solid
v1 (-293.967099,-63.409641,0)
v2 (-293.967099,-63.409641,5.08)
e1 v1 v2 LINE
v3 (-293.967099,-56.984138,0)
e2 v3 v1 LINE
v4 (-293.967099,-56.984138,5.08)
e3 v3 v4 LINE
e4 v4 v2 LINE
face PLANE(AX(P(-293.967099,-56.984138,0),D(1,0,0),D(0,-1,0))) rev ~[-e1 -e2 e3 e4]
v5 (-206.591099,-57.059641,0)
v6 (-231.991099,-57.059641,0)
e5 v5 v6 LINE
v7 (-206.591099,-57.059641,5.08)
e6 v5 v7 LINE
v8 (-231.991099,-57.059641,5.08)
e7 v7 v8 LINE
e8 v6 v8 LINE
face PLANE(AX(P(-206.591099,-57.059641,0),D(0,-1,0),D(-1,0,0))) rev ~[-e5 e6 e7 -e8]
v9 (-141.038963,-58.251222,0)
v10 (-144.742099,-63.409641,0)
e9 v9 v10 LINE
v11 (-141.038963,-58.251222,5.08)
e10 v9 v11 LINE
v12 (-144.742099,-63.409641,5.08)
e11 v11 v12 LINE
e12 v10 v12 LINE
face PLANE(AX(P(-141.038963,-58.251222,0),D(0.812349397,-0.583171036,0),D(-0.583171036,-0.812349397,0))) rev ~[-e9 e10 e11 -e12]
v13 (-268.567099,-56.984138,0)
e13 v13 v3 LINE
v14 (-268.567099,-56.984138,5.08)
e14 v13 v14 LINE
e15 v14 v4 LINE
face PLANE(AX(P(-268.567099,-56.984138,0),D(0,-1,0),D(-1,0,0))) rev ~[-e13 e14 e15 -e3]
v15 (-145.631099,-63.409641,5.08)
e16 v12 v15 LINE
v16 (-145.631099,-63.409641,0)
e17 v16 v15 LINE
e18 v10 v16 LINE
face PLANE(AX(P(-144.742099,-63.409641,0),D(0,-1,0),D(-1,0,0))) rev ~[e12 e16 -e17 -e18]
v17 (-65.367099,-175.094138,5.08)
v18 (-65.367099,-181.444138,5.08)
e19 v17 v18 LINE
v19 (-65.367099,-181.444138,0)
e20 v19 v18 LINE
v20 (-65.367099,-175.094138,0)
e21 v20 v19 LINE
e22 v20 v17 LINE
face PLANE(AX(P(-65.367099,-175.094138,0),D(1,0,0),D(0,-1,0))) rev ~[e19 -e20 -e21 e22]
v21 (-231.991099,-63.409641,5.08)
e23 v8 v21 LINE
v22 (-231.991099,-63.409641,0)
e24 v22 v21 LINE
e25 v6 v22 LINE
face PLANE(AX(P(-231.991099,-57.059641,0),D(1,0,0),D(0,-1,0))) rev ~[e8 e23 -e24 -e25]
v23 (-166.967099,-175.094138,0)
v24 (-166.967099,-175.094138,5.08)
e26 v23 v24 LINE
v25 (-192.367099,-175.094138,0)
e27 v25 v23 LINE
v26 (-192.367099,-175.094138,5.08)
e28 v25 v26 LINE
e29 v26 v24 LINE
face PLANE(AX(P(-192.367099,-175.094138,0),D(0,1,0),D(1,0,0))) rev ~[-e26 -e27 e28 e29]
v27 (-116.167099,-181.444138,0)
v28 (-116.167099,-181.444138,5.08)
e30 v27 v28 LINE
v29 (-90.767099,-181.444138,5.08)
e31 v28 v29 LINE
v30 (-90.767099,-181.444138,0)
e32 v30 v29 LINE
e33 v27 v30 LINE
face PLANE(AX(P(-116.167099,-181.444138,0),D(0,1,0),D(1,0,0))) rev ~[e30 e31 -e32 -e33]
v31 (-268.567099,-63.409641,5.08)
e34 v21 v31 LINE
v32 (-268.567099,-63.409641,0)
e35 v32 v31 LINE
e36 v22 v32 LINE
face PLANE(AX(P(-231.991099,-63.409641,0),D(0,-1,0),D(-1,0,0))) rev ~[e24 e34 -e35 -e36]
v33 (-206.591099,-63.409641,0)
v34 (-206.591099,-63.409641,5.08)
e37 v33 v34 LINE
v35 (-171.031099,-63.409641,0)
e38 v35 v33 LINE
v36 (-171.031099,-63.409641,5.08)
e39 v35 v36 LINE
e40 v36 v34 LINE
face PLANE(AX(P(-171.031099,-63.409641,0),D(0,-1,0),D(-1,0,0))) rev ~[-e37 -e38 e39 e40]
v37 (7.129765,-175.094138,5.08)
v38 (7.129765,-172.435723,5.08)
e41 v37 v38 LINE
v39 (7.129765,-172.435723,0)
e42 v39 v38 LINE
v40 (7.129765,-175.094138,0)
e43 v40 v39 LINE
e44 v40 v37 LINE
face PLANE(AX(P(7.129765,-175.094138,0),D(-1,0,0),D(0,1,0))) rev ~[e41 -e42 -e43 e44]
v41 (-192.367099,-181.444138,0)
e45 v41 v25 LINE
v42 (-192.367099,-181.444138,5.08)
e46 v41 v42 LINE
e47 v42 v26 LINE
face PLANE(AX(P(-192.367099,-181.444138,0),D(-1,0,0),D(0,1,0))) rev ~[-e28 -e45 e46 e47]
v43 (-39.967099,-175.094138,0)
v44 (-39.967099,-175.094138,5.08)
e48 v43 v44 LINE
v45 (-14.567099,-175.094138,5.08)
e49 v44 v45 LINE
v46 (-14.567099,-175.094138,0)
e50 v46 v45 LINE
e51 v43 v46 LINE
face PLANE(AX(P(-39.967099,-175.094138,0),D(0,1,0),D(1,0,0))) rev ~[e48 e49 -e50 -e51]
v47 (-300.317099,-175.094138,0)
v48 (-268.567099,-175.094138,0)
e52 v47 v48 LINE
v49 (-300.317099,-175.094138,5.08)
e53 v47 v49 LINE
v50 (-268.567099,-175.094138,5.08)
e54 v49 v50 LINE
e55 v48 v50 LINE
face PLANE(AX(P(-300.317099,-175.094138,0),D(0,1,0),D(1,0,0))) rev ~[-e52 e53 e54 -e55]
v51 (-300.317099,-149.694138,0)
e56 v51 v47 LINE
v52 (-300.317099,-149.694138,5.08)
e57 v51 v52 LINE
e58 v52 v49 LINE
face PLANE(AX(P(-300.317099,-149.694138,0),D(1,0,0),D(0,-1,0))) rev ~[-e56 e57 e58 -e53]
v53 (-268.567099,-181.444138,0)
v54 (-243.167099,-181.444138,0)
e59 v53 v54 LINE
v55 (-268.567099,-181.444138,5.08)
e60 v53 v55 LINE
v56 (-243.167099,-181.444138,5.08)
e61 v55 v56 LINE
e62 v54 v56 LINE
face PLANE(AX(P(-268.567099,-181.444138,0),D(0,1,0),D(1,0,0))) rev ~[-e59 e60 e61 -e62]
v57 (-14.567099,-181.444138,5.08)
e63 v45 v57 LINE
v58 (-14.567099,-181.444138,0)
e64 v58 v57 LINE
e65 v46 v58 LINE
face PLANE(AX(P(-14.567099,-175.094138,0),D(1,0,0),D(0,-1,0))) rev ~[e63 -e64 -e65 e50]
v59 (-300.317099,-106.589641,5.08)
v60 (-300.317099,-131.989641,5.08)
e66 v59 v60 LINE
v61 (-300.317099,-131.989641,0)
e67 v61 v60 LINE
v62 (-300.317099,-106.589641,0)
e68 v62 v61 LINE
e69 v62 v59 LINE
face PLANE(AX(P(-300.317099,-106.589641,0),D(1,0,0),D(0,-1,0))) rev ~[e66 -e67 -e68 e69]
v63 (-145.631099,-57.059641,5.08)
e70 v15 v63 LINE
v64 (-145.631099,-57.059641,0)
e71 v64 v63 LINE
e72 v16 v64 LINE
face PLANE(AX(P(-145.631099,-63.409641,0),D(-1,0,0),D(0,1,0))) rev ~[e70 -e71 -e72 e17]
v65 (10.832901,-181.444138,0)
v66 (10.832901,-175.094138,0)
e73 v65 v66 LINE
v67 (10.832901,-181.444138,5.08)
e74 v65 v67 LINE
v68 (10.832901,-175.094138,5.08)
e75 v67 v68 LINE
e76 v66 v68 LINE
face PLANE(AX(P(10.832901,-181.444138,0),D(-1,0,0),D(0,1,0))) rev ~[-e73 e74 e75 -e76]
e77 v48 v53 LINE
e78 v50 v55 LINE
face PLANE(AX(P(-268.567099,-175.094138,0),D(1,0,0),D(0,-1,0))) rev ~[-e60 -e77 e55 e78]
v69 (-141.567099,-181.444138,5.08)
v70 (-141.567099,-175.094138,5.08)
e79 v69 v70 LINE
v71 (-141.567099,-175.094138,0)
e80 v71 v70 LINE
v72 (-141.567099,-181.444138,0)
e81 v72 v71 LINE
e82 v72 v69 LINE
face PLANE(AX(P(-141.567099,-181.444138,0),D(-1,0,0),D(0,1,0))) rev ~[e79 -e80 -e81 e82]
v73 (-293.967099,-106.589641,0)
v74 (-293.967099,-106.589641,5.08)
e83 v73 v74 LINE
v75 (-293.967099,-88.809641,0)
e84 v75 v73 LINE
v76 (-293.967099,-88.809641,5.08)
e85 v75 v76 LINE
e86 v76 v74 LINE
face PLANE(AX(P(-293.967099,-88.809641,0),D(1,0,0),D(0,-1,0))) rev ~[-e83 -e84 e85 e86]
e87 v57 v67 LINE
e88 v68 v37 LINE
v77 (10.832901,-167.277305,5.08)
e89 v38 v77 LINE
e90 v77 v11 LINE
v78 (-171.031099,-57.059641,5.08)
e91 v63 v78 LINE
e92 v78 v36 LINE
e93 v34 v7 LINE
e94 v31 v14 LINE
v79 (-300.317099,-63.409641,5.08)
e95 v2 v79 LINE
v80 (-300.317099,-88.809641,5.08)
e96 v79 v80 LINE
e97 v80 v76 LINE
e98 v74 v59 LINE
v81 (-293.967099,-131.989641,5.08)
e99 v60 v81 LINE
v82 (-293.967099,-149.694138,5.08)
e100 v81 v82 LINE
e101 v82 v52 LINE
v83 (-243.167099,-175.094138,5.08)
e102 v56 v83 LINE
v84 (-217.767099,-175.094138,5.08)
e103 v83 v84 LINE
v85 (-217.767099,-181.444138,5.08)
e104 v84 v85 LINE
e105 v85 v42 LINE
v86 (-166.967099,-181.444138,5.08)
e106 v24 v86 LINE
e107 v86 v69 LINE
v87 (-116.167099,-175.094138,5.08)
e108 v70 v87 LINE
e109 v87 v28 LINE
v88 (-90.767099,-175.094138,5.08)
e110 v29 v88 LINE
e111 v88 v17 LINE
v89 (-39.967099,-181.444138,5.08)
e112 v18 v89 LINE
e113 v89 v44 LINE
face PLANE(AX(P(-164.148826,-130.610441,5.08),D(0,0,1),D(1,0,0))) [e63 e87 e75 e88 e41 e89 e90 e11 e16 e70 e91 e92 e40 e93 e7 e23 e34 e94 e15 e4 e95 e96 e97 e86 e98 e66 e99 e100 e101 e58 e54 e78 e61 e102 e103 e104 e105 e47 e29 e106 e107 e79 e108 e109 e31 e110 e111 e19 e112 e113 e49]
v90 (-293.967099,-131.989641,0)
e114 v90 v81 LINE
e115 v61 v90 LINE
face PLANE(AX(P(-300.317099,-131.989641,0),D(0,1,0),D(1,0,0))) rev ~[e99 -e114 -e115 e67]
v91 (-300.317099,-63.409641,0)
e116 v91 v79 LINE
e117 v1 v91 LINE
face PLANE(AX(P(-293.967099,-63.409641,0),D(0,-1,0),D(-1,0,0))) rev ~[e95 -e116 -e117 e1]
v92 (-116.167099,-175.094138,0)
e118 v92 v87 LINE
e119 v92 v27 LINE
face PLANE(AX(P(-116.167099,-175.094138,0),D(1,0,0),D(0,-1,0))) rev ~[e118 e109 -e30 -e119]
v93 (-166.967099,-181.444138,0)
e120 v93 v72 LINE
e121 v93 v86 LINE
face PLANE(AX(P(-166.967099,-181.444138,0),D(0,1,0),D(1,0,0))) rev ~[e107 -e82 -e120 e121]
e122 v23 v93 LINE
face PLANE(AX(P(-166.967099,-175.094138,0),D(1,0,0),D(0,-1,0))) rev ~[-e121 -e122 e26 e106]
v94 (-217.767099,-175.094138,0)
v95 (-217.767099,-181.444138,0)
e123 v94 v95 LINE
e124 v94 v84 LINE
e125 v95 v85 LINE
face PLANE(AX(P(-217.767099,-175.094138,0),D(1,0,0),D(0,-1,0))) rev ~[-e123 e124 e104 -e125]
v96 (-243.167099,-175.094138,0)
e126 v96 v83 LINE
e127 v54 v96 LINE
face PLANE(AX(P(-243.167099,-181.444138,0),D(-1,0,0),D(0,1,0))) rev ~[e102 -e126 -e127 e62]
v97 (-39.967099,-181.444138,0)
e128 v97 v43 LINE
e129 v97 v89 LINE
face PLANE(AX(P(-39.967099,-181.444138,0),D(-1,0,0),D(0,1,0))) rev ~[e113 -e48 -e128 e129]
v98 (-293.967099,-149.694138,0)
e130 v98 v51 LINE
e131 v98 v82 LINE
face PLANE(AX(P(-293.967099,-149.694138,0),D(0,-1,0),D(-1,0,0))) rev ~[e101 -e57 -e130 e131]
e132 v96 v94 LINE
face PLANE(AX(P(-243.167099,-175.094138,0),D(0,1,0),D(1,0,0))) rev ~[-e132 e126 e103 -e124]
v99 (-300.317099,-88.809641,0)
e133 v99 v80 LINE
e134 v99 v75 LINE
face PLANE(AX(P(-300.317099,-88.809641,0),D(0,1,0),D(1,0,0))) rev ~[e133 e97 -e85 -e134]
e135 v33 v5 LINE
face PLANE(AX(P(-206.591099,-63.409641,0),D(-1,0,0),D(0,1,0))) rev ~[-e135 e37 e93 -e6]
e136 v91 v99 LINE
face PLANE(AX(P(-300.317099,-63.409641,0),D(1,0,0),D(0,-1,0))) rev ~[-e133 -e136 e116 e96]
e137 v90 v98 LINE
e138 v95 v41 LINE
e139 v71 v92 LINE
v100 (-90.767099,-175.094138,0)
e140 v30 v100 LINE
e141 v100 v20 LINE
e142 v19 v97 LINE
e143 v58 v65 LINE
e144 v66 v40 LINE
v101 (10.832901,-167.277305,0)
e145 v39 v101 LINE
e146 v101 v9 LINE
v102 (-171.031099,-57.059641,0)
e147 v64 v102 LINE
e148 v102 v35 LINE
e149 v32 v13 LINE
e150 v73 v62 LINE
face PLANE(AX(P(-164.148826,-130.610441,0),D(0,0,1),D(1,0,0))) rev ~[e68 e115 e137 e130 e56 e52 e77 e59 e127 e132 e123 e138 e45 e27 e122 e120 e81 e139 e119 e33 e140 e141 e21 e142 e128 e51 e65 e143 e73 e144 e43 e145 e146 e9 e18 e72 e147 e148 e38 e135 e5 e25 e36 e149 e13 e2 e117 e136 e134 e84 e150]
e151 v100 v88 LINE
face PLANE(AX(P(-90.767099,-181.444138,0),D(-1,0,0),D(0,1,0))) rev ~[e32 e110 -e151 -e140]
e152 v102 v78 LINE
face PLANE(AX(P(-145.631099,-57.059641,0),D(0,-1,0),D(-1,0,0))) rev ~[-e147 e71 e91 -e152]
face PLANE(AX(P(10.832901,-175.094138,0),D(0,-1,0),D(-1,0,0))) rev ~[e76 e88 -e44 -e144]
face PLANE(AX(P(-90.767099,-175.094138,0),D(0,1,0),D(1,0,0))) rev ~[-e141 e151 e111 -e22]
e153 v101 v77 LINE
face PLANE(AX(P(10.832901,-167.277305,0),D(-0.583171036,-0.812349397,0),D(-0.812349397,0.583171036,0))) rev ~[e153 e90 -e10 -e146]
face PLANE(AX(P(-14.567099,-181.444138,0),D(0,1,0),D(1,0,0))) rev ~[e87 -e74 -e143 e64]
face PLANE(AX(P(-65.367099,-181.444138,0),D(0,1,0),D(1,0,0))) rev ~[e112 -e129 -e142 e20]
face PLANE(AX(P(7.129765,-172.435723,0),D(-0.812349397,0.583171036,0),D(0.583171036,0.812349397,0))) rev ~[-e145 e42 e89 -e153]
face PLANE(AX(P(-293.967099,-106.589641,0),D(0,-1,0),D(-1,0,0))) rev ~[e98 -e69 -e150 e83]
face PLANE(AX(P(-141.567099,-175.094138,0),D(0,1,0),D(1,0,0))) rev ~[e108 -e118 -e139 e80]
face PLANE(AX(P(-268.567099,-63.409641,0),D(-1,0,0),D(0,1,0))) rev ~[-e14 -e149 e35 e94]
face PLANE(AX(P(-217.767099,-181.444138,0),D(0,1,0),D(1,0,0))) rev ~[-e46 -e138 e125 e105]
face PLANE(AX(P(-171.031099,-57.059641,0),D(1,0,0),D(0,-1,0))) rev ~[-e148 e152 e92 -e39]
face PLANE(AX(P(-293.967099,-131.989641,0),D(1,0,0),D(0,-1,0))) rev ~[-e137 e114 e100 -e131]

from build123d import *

# Parameters (mm, degrees)
BOSS_EXTRUDE1_DEPTH = 5.08


with BuildPart() as part:
    # Sketch1 → Boss-Extrude1 (new body)
    with BuildSketch(Plane(origin=(-5.329574036, -16.20301374, 0), x_dir=(1, 0, 0), z_dir=(0, 0, 1))):
        Polygon((-288.637525151, -47.206627274), (-294.987525151, -47.206627274), (-294.987525151, -72.606627274), (-288.637525151, -72.606627274), (-288.637525151, -90.386627274), (-294.987525151, -90.386627274), (-294.987525151, -115.786627274), (-288.637525151, -115.786627274), (-288.637525151, -133.491124316), (-294.987525151, -133.491124316), (-294.987525151, -158.891124316), (-263.237525151, -158.891124316), (-263.237525151, -165.241124316), (-237.837525151, -165.241124316), (-237.837525151, -158.891124316), (-212.437525151, -158.891124316), (-212.437525151, -165.241124316), (-187.037525151, -165.241124316), (-187.037525151, -158.891124316), (-161.637525151, -158.891124316), (-161.637525151, -165.241124316), (-136.237525151, -165.241124316), (-136.237525151, -158.891124316), (-110.837525151, -158.891124316), (-110.837525151, -165.241124316), (-85.437525151, -165.241124316), (-85.437525151, -158.891124316), (-60.037525151, -158.891124316), (-60.037525151, -165.241124316), (-34.637525151, -165.241124316), (-34.637525151, -158.891124316), (-9.237525151, -158.891124316), (-9.237525151, -165.241124316), (16.162474849, -165.241124316), (16.162474849, -158.891124316), (12.459338773, -158.891124316), (12.459338773, -156.232709467), (16.162474849, -151.074290795), (-135.709389075, -42.048208602), (-139.412525151, -47.206627274), (-140.301525151, -47.206627274), (-140.301525151, -40.856627274), (-165.701525151, -40.856627274), (-165.701525151, -47.206627274), (-201.261525151, -47.206627274), (-201.261525151, -40.856627274), (-226.661525151, -40.856627274), (-226.661525151, -47.206627274), (-263.237525151, -47.206627274), (-263.237525151, -40.781124316), (-288.637525151, -40.781124316), align=None)
    extrude(amount=BOSS_EXTRUDE1_DEPTH)


solid = part.part
